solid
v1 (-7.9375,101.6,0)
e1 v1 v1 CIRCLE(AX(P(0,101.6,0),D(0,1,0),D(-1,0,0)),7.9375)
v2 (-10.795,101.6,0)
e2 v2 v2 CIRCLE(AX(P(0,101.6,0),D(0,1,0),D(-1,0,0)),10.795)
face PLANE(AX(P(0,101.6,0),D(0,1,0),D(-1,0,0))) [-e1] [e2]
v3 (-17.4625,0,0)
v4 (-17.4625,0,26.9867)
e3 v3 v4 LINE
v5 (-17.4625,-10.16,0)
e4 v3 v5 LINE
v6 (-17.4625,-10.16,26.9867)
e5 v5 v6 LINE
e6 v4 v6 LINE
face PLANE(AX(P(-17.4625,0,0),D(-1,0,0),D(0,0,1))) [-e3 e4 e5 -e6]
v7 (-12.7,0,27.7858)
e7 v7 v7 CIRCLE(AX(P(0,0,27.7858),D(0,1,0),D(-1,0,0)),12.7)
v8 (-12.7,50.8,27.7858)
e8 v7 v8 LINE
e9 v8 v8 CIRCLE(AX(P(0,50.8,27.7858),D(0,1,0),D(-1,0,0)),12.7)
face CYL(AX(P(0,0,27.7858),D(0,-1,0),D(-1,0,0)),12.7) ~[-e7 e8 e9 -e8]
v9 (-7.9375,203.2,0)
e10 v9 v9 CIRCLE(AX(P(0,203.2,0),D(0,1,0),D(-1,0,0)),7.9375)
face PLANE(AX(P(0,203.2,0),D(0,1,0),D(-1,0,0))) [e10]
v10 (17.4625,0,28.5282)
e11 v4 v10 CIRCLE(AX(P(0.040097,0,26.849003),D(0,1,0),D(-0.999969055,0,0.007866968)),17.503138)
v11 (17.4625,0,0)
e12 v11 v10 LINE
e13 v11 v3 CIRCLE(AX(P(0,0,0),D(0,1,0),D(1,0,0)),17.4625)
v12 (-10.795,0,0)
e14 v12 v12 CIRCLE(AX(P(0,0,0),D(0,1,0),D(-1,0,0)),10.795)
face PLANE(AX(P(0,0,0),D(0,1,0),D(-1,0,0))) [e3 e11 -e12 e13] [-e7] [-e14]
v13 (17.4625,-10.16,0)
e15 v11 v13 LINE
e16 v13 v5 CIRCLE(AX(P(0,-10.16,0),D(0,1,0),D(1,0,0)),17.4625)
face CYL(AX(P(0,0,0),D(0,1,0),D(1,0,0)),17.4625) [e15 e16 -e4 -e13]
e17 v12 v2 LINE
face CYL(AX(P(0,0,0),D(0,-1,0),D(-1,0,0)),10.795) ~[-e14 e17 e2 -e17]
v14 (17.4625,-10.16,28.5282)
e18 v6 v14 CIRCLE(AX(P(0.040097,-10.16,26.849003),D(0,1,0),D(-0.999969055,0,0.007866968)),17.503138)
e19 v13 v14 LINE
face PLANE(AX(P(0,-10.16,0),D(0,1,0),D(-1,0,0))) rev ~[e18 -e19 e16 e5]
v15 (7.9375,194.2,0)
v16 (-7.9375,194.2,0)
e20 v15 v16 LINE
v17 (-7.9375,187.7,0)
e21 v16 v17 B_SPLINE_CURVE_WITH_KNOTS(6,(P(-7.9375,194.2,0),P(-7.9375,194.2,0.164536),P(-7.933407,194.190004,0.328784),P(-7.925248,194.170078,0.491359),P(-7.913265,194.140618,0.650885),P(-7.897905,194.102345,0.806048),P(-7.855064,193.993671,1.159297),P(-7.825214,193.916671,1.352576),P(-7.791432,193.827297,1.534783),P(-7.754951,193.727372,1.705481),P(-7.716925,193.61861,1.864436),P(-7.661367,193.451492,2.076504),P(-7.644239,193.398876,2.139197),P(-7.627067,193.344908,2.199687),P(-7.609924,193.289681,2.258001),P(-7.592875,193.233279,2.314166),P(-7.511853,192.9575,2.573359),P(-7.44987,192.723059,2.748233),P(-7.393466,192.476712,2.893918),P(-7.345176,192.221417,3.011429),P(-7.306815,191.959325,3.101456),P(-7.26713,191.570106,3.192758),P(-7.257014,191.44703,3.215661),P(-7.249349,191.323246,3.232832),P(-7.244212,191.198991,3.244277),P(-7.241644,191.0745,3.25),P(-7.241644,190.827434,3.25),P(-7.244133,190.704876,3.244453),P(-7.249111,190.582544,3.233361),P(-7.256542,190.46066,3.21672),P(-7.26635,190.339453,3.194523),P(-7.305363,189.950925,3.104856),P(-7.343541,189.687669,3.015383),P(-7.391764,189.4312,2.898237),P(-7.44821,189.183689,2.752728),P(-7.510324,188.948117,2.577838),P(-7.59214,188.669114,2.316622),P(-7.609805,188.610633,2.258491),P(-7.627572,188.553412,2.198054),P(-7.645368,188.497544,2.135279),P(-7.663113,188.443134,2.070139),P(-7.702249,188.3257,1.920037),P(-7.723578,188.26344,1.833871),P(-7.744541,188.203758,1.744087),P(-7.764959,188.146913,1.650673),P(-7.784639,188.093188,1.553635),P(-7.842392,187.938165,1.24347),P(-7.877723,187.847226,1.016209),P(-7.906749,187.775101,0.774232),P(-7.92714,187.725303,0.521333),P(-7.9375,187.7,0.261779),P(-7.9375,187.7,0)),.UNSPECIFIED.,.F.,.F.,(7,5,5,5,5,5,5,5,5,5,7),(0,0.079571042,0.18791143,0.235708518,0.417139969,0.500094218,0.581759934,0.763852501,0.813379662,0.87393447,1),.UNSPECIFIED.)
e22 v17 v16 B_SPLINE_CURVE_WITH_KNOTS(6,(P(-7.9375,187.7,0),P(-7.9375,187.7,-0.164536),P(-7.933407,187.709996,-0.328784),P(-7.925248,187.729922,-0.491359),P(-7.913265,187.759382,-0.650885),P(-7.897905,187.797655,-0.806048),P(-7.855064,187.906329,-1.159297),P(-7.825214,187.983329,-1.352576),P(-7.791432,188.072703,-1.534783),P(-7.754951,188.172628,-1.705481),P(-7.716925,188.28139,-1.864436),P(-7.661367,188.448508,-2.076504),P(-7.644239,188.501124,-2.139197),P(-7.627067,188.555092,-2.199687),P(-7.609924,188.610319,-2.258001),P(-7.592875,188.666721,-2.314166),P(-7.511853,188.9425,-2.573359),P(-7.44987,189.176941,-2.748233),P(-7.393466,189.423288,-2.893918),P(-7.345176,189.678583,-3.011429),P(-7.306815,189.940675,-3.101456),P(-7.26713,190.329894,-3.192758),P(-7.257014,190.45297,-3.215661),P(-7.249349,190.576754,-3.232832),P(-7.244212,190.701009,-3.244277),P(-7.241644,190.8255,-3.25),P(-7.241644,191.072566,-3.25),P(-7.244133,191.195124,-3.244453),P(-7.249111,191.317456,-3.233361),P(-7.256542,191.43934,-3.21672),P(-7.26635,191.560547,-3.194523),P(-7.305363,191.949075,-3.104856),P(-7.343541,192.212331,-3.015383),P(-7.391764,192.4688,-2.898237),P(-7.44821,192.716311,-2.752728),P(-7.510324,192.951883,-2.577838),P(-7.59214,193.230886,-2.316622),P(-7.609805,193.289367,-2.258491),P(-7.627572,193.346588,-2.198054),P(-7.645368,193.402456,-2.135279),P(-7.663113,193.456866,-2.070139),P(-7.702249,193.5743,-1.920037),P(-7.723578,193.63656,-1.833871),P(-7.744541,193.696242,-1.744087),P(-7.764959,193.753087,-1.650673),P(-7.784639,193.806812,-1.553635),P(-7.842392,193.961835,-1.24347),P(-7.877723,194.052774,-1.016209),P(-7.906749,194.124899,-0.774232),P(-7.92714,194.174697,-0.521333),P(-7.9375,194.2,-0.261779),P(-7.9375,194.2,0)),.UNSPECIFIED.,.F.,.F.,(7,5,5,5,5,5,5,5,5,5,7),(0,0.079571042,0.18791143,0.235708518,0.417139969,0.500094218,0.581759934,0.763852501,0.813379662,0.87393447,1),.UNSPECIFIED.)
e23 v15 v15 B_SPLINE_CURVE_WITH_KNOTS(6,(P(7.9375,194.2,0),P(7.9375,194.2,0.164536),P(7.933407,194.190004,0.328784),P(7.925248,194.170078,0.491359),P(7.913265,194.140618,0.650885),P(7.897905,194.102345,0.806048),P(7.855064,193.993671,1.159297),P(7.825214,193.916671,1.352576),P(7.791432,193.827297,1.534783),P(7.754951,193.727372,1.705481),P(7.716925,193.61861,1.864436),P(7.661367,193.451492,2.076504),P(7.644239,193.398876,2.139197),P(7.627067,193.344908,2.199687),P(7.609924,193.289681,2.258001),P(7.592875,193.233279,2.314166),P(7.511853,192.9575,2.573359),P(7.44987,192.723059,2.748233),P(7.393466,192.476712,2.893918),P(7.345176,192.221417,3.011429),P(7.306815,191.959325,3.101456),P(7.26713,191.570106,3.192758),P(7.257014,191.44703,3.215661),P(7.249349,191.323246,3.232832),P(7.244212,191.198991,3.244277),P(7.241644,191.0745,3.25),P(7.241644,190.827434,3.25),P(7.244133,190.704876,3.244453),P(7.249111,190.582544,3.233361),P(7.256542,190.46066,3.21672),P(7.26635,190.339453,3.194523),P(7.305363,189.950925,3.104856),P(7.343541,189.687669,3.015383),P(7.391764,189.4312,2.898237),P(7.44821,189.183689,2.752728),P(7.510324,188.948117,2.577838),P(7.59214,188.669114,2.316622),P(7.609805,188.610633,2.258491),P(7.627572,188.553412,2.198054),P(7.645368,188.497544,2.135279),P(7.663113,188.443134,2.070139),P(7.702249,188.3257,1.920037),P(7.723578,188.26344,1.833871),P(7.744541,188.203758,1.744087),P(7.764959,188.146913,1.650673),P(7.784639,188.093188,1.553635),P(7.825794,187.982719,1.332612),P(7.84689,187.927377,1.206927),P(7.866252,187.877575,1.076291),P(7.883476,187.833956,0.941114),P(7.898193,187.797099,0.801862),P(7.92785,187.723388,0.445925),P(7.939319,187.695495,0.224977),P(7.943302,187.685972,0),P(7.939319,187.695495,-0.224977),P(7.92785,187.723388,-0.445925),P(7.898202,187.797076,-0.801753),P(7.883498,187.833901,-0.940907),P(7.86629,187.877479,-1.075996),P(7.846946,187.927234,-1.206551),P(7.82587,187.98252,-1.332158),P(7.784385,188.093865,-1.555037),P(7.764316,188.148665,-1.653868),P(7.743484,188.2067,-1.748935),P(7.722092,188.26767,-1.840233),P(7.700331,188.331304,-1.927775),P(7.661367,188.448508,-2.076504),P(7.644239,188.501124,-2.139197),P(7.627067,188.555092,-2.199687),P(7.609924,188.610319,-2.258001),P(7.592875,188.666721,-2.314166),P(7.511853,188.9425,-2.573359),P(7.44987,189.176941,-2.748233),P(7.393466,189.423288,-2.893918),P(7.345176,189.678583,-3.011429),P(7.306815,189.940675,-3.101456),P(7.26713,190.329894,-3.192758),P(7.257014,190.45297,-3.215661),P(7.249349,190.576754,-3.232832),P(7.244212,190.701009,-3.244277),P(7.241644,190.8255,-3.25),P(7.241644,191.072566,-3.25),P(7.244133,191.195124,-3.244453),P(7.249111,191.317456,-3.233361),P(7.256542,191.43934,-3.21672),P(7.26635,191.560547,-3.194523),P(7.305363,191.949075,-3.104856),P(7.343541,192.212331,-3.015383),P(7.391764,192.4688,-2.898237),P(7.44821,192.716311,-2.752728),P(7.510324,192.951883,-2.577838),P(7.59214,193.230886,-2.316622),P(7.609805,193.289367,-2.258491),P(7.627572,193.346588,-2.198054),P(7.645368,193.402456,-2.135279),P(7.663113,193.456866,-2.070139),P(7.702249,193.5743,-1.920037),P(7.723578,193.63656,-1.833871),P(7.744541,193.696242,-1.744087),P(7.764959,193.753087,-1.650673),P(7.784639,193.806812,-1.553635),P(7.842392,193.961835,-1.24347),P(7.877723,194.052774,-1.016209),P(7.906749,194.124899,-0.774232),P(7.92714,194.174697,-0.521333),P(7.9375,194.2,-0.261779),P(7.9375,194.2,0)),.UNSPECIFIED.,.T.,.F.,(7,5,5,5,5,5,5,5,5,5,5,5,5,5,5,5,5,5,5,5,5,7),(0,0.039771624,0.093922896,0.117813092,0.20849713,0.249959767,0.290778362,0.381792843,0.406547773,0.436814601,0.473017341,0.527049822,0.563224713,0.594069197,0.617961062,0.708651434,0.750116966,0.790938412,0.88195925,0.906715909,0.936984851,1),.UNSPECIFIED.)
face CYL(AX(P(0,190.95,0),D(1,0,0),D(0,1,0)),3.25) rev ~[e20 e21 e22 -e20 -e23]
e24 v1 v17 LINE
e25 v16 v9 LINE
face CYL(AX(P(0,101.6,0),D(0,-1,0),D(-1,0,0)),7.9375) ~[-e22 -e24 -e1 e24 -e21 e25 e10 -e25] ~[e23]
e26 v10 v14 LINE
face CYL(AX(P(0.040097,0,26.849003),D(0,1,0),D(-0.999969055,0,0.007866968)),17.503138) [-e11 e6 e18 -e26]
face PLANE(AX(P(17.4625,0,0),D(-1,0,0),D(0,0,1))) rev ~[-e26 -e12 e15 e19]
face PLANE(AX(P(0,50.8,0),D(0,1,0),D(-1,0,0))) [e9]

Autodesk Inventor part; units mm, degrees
ref_plane "YZ Plane" through (0, 0, 0) normal (1, 0, 0) x (0, 1, 0)
ref_plane "XY Plane" through (0, 0, 0) normal (0, 0, 1) x (1, 0, 0)
sketch "Sketch1" plane through (0, 0, 0) normal (0, 1, 0) x (-1, 0, 0)
  circle A0 centre (0, 0) radius 10.795
  circle A1 centre (0, 37.7825) radius 10.795
  dimension "d11" = 21.59
extrude "Extrusion1" add sketch "Sketch1" along normal blind 101.6 contours A0
sketch "Sketch2" plane through (0, 0, 0) normal (0, 1, 0) x (-1, 0, 0)
  circle A0 centre (0, 27.7858) radius 12.7
  point P0 (0, 0)
  dimension "d2" = 25.4
extrude "Extrusion2" add sketch "Sketch2" along normal blind 50.8
sketch "Sketch3" plane through (0, 0, 0) normal (0, 1, 0) x (-1, 0, 0)
  arc A0 (17.4625, 26.9867) -> (-17.4625, 28.5282) centre (-0.0401, 26.849) ccw
  arc A1 (-17.4625, 0) -> (17.4625, 0) centre (0, 0) ccw
  line L0 (17.4625, 0) -> (17.4625, 26.9867)
  line L1 (-17.4625, 0) -> (-17.4625, 28.5282)
extrude "Extrusion3" add sketch "Sketch3" against normal blind 10.16
sketch "Sketch4" plane through (0, 0, 0) normal (0, 1, 0) x (-1, 0, 0)
  point P0 (0, 0)
ref_plane "Work Plane1" through (0, 101.6, 0) normal (0, 1, 0) x (-1, 0, 0)
sketch "Sketch5" plane through (0, 101.6, 0) normal (0, 1, 0) x (-1, 0, 0)
  circle A0 centre (0, 0) radius 7.9375
  dimension "d8" = 15.875
extrude "Extrusion4" add sketch "Sketch5" along normal blind 101.6
sketch "Sketch6" plane through (0, 0, 0) normal (1, 0, 0) x (0, 1, 0)
  circle A0 centre (190.95, 0) radius 3.25
  line L0 (203.2, -7.9375) -> (203.2, 7.9375) projected
  line L1 (203.2, -7.9375) -> (203.2, 7.9375)
  point P0 (0, 0)
  dimension "d14" = 6.5
  dimension "d15" = 12.25
extrude "Extrusion5" cut sketch "Sketch6" along normal mid plane 101.6
properties part number "Linear Actuator"
